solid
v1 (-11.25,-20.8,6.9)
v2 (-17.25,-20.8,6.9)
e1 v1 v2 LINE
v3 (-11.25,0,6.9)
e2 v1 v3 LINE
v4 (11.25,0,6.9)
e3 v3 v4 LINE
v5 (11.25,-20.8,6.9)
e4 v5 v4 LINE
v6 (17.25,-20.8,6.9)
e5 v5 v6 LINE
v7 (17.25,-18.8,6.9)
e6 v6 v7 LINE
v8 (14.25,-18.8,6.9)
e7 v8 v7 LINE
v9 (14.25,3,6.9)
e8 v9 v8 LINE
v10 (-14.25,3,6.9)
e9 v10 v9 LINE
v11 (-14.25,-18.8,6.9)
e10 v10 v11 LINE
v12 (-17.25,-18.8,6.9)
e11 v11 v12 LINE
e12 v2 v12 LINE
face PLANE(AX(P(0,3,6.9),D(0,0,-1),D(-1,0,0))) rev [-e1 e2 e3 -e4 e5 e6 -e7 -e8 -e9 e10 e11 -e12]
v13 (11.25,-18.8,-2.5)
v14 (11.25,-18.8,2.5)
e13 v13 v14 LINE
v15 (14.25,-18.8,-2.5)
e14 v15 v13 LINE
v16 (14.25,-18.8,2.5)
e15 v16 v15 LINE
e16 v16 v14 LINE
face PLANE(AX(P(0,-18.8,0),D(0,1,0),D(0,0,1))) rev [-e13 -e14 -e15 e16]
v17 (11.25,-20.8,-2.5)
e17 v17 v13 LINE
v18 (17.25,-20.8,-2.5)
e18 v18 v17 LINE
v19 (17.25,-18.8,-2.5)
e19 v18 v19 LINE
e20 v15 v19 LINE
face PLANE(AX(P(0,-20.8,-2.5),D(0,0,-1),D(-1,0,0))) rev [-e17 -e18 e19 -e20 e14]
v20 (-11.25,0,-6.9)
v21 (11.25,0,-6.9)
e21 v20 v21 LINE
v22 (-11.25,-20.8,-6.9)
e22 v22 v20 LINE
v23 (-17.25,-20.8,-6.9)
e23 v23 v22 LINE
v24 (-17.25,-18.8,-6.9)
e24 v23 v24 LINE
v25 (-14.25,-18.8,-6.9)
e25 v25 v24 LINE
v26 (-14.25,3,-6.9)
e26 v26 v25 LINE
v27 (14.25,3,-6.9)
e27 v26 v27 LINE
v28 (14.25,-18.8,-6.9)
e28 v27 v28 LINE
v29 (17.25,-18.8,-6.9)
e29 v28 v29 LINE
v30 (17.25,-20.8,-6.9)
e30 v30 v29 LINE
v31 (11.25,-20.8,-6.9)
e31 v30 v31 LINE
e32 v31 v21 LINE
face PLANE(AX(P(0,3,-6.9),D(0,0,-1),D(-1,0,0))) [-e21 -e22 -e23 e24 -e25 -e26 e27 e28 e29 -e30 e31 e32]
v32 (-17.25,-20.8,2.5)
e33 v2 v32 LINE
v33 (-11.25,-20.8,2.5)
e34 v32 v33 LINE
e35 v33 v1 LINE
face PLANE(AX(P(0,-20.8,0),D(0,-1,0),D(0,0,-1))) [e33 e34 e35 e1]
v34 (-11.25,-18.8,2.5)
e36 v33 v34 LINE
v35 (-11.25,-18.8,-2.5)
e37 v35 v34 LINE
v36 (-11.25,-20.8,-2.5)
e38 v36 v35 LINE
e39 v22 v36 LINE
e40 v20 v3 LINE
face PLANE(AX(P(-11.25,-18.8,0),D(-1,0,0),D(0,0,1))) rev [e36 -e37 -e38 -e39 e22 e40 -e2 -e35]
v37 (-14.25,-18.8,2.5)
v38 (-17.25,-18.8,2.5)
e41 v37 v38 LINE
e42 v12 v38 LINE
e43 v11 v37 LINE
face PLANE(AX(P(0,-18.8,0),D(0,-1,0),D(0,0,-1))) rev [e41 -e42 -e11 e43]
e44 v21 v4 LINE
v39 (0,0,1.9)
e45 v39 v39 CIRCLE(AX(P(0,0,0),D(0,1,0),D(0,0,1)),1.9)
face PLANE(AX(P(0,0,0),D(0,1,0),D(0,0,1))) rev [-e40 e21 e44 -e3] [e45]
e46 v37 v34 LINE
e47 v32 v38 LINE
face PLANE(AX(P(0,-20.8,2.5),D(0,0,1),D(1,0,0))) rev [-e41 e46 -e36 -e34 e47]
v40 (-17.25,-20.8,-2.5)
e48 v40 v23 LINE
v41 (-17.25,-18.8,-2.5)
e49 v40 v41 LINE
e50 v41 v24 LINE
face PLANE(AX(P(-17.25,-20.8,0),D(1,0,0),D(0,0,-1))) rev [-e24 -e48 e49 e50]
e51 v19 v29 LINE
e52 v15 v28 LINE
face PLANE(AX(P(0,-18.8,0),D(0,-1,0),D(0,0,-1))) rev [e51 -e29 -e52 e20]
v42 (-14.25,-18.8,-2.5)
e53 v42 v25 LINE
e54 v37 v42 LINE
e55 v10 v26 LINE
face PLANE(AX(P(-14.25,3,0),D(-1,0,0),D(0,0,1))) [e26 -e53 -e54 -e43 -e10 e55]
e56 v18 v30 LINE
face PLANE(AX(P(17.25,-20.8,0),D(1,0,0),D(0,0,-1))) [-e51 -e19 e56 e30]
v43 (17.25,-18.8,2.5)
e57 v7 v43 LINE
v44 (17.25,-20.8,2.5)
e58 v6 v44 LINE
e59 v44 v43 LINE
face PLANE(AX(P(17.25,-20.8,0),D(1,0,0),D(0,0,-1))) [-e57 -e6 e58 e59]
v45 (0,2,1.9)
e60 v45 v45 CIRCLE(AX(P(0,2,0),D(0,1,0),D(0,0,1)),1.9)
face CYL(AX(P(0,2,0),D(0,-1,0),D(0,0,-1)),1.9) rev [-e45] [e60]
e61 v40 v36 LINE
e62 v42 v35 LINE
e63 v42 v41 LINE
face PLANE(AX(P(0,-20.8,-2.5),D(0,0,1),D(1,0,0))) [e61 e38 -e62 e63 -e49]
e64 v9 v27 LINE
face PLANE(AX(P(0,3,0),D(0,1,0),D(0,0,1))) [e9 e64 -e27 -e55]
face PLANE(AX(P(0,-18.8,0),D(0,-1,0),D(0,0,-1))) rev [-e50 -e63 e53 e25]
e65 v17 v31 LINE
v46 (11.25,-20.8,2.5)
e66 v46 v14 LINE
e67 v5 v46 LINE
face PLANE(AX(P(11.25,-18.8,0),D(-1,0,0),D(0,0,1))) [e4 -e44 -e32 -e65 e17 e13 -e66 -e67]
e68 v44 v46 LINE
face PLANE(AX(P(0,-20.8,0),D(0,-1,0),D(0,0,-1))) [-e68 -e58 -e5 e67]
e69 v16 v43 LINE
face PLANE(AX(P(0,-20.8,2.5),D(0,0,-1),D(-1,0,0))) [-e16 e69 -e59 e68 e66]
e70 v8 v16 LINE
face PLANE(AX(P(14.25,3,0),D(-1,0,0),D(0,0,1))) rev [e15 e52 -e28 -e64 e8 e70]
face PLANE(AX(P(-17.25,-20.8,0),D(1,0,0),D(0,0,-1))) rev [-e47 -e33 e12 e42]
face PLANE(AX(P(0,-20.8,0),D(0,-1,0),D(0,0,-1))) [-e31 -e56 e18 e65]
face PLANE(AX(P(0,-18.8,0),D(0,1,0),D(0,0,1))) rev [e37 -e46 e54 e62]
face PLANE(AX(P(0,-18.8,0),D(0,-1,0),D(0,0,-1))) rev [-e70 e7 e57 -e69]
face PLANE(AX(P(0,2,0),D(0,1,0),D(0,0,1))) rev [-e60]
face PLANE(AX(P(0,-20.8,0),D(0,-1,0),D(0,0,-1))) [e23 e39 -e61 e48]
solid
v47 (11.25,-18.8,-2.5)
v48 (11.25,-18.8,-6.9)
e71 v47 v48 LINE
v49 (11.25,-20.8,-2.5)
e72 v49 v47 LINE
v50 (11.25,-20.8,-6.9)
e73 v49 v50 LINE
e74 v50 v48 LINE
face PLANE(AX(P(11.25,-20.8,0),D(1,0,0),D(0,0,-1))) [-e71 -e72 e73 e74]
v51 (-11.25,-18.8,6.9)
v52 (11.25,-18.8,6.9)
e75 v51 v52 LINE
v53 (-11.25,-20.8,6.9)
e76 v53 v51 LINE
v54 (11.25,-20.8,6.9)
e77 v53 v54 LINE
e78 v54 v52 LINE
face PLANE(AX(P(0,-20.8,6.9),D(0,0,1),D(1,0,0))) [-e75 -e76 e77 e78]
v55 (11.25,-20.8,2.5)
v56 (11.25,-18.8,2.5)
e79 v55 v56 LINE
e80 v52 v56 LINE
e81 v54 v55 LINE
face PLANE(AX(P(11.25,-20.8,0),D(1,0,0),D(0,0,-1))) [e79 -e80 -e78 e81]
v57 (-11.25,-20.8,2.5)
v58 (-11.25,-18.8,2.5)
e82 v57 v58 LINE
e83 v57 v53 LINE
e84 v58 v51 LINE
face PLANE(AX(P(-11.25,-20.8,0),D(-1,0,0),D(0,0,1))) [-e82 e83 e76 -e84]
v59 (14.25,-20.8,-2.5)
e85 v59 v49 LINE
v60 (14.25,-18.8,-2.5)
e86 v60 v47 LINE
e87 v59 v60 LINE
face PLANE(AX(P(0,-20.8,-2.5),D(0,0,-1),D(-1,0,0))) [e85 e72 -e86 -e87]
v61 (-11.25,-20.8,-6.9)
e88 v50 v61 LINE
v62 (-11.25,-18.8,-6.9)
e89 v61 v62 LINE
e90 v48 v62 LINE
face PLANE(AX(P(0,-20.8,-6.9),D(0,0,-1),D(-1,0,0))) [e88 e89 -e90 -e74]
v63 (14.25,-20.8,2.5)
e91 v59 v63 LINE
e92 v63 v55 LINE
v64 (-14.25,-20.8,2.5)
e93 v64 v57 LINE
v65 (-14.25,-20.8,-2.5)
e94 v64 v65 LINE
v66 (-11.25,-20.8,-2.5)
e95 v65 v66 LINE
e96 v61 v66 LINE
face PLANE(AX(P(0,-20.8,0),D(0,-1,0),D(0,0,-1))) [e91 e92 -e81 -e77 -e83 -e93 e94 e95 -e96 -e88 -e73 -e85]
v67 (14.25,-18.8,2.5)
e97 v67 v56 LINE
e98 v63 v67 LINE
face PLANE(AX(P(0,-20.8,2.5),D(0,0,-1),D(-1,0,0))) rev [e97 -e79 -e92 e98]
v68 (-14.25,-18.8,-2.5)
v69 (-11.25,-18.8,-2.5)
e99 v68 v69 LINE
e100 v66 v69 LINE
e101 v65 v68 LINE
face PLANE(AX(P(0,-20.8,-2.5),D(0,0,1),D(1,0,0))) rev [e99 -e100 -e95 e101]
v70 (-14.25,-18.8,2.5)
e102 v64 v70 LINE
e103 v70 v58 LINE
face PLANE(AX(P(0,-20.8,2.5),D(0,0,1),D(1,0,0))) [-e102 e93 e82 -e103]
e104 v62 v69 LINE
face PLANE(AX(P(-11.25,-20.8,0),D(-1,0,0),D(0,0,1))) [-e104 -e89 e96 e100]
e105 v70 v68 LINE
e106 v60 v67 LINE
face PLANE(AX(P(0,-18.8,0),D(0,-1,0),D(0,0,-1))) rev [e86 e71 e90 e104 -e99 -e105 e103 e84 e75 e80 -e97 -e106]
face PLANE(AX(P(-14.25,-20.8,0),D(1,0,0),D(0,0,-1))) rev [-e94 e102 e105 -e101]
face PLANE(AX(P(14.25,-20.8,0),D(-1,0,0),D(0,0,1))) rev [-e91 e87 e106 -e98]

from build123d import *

# Parameters (mm, degrees)
SKETCH1_W            = 28.5
SKETCH1_H            = 13.8
BOSS_EXTRUDE1_DEPTH  = 3
SKETCH1_4_R          = 1.9
CUT_EXTRUDE1_DEPTH   = 2
SKETCH1_6_W          = 3
SKETCH1_6_H          = 13.8
BOSS_EXTRUDE2_DEPTH  = 18.8
SKETCH3_W            = 3
SKETCH3_H            = 4.4
BOSS_EXTRUDE6_DEPTH  = 2
SKETCH3_7_W          = 3
SKETCH3_7_H          = 4.4
BOSS_EXTRUDE12_DEPTH = 2
BOSS_EXTRUDE13_DEPTH = 2


with BuildPart() as part:
    # Sketch1 → Boss-Extrude1 (new body)
    with BuildSketch(Plane(origin=(0, 0, 0), x_dir=(1, 0, 0), z_dir=(0, 1, 0))):
        Rectangle(SKETCH1_W, SKETCH1_H)
    extrude(amount=BOSS_EXTRUDE1_DEPTH)

    # Sketch1<4> → Cut-Extrude1 (cut)
    with BuildSketch(Plane(origin=(0, 0, 0), x_dir=(1, 0, 0), z_dir=(0, 1, 0))):
        Circle(SKETCH1_4_R)
    extrude(amount=CUT_EXTRUDE1_DEPTH, mode=Mode.SUBTRACT)

    # Sketch1<6> → Boss-Extrude2 (add)
    with BuildSketch(Plane(origin=(0, 0, 0), x_dir=(1, 0, 0), z_dir=(0, 1, 0))):
        with Locations((-12.75, 0)):
            Rectangle(SKETCH1_6_W, SKETCH1_6_H)
        with Locations((12.75, 0)):
            Rectangle(SKETCH1_6_W, SKETCH1_6_H)
    extrude(amount=-BOSS_EXTRUDE2_DEPTH)

    # Sketch3 → Boss-Extrude6 (add)
    with BuildSketch(Plane.XZ.offset(18.8)):
        with Locations((-12.75, -4.7)):
            Rectangle(SKETCH3_W, SKETCH3_H)
        with Locations((-12.75, 4.7)):
            Rectangle(SKETCH3_W, SKETCH3_H)
        with Locations((12.75, -4.7)):
            Rectangle(SKETCH3_W, SKETCH3_H)
        with Locations((12.75, 4.7)):
            Rectangle(SKETCH3_W, SKETCH3_H)
    extrude(amount=BOSS_EXTRUDE6_DEPTH)

    # Sketch3<7> → Boss-Extrude12 (add)
    with BuildSketch(Plane.XZ.offset(18.8)):
        with Locations((-15.75, -4.7)):
            Rectangle(SKETCH3_7_W, SKETCH3_7_H)
        with Locations((-15.75, 4.7)):
            Rectangle(SKETCH3_7_W, SKETCH3_7_H)
        with Locations((15.75, -4.7)):
            Rectangle(SKETCH3_7_W, SKETCH3_7_H)
        with Locations((15.75, 4.7)):
            Rectangle(SKETCH3_7_W, SKETCH3_7_H)
    extrude(amount=BOSS_EXTRUDE12_DEPTH)


with BuildPart() as body_2:
    # Sketch3<8> → Boss-Extrude13 (new body)
    with BuildSketch(Plane.XZ.offset(18.8)):
        Polygon((-14.25, 2.5), (-14.25, -2.5), (-11.25, -2.5), (-11.25, -6.9), (11.25, -6.9), (11.25, -2.5), (14.25, -2.5), (14.25, 2.5), (11.25, 2.5), (11.25, 6.9), (-11.25, 6.9), (-11.25, 2.5), align=None)
    extrude(amount=BOSS_EXTRUDE13_DEPTH)


solid = Compound([part.part, body_2.part])
